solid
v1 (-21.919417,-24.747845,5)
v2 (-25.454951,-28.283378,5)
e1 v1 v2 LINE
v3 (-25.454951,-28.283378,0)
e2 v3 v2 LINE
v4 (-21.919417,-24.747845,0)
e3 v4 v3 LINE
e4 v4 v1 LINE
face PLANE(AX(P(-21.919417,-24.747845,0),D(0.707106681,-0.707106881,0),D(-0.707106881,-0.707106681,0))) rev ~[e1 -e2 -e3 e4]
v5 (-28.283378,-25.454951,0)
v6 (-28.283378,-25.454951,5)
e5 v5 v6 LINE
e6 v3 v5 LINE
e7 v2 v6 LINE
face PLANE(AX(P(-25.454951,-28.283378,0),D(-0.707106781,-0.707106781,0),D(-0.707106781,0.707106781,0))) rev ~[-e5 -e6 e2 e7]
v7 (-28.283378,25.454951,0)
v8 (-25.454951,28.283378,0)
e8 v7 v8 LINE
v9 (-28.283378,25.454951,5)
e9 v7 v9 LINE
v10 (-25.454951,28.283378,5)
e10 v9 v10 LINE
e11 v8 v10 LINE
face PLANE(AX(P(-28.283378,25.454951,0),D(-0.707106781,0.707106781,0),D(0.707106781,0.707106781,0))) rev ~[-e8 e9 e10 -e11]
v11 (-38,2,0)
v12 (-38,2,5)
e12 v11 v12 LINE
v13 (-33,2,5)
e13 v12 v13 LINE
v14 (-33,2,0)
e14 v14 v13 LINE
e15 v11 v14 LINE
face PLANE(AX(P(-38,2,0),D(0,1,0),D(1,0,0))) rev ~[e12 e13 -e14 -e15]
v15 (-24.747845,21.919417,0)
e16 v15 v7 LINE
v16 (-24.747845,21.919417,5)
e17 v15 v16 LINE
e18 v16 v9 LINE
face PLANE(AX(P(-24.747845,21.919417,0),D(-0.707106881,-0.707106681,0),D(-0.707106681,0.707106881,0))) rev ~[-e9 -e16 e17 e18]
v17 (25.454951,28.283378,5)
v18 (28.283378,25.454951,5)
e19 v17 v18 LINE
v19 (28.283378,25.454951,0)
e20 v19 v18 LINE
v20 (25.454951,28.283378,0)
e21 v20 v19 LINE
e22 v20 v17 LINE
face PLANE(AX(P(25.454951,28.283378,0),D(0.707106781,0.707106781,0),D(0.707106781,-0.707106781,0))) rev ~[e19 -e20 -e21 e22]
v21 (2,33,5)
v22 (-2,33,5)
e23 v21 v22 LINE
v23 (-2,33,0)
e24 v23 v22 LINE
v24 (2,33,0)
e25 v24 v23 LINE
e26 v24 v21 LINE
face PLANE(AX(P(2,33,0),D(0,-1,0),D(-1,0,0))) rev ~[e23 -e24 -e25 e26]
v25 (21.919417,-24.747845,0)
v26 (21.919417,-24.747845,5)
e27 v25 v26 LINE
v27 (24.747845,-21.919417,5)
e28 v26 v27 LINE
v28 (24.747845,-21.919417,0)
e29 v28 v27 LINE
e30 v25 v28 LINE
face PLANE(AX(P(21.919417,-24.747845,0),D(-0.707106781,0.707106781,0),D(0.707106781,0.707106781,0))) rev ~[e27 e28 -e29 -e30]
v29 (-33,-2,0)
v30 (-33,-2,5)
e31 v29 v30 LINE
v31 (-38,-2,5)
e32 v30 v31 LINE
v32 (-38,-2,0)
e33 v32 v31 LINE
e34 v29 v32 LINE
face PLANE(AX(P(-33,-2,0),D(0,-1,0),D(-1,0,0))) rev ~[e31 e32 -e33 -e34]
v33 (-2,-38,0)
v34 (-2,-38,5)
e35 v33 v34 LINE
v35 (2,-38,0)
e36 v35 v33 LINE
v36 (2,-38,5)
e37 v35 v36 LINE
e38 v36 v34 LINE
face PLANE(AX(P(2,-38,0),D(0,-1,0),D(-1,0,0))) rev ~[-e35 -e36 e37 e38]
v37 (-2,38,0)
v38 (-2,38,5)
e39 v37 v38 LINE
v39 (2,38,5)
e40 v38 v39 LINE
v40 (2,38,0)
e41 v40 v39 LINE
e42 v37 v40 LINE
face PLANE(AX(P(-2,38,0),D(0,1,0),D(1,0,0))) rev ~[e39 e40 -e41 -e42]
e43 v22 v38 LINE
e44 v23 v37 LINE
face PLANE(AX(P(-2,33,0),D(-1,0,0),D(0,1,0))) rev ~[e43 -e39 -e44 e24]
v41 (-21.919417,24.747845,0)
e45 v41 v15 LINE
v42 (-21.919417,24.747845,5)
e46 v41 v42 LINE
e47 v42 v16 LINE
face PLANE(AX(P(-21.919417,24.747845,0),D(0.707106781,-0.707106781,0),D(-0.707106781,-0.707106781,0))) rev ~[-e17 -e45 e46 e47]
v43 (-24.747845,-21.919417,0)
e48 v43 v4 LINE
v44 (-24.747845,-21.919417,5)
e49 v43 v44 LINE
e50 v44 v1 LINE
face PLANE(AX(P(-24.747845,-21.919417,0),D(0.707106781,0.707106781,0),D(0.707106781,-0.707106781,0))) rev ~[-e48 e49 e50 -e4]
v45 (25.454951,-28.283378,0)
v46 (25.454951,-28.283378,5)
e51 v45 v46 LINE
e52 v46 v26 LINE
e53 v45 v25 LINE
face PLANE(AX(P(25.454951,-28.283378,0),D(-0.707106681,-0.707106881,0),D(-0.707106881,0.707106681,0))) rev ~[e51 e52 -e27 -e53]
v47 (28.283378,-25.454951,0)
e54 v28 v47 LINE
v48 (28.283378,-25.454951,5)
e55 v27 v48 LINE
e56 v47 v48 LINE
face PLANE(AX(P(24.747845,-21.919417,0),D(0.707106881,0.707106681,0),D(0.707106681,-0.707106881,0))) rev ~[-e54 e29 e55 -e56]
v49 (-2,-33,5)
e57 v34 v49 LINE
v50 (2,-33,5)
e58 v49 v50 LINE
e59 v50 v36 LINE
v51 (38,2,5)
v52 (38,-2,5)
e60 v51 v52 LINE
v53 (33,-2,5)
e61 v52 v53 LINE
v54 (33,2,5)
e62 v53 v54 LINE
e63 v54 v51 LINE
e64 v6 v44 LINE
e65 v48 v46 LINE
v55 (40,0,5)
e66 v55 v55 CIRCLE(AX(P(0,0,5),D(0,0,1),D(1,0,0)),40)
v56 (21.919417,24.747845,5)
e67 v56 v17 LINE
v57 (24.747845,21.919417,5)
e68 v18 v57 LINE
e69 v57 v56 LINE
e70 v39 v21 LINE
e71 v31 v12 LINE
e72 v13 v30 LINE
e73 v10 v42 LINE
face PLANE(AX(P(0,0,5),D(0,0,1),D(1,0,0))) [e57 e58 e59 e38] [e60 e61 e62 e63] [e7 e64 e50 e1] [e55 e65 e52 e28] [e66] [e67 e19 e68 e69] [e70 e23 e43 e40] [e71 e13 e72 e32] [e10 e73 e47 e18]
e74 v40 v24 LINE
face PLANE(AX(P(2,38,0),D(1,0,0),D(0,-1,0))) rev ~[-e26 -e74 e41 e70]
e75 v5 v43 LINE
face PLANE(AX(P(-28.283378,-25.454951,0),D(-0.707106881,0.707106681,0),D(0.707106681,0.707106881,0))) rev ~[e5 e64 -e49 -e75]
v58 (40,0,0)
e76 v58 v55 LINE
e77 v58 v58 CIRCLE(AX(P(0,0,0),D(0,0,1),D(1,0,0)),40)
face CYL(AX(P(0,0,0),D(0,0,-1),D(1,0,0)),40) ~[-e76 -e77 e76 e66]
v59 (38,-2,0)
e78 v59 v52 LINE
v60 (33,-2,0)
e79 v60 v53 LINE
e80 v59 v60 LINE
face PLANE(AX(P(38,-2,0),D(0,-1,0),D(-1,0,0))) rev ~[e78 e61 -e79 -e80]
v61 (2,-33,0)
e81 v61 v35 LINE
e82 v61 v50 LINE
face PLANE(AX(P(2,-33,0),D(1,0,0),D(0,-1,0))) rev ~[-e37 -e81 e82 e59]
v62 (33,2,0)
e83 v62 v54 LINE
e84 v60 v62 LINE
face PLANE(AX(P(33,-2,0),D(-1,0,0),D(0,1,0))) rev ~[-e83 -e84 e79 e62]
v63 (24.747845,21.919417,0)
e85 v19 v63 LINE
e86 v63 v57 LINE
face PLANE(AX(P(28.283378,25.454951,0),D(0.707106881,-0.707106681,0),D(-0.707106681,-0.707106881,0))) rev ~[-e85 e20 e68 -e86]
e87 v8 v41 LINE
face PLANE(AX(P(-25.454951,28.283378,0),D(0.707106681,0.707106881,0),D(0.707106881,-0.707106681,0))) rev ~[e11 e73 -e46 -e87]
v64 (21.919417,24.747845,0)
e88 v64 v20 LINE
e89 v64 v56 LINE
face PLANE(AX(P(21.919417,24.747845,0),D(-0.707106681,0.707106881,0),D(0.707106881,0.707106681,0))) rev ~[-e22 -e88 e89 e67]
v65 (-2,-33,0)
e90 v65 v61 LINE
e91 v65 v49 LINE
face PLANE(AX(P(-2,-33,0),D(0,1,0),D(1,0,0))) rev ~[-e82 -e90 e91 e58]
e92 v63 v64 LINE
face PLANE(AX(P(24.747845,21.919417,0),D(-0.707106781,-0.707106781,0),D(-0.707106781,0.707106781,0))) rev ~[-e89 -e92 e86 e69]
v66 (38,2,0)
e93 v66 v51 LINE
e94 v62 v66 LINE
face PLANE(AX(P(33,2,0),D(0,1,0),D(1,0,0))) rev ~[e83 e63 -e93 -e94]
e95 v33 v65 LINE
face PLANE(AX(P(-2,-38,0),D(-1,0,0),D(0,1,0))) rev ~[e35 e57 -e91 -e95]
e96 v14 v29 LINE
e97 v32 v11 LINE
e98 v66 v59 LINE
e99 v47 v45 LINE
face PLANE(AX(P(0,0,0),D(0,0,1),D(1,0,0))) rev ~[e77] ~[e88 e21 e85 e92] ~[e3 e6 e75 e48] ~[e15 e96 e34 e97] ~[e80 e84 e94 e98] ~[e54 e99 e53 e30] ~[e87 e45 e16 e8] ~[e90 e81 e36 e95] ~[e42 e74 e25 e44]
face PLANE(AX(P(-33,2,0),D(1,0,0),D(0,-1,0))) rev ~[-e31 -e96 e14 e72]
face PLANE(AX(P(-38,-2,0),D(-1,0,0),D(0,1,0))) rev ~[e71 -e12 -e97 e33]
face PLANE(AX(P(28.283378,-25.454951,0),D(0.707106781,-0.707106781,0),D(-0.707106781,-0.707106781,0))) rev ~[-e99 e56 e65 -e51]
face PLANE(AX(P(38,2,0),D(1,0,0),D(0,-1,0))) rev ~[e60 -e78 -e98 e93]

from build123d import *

# Parameters (mm, degrees)
F0_R     = 40
F1_DEPTH = 5


with BuildPart() as f1:
    # F0 (on Top) → F1 (new body)
    with BuildSketch(Plane.XY):
        Circle(F0_R)
        Polygon((-24.747845, -21.919417), (-23.333631, -23.333631), (-21.919417, -24.747845), (-25.454951, -28.283378), (-28.283378, -25.454951), align=None, mode=Mode.SUBTRACT)
        Polygon((2, -38), (0, -38), (-2, -38), (-2, -33), (2, -33), align=None, mode=Mode.SUBTRACT)
        Polygon((21.919417, -24.747845), (23.333631, -23.333631), (24.747845, -21.919417), (28.283378, -25.454951), (25.454951, -28.283378), align=None, mode=Mode.SUBTRACT)
        Polygon((-38, -2), (-38, 0), (-38, 2), (-33, 2), (-33, -2), align=None, mode=Mode.SUBTRACT)
        Polygon((-21.919417, 24.747845), (-23.333631, 23.333631), (-24.747845, 21.919417), (-28.283378, 25.454951), (-25.454951, 28.283378), align=None, mode=Mode.SUBTRACT)
        Polygon((38, 2), (38, 0), (38, -2), (33, -2), (33, 2), align=None, mode=Mode.SUBTRACT)
        Polygon((-2, 38), (0, 38), (2, 38), (2, 33), (-2, 33), align=None, mode=Mode.SUBTRACT)
        Polygon((24.747845, 21.919417), (23.333631, 23.333631), (21.919417, 24.747845), (25.454951, 28.283378), (28.283378, 25.454951), align=None, mode=Mode.SUBTRACT)
    extrude(amount=F1_DEPTH)


solid = f1.part
